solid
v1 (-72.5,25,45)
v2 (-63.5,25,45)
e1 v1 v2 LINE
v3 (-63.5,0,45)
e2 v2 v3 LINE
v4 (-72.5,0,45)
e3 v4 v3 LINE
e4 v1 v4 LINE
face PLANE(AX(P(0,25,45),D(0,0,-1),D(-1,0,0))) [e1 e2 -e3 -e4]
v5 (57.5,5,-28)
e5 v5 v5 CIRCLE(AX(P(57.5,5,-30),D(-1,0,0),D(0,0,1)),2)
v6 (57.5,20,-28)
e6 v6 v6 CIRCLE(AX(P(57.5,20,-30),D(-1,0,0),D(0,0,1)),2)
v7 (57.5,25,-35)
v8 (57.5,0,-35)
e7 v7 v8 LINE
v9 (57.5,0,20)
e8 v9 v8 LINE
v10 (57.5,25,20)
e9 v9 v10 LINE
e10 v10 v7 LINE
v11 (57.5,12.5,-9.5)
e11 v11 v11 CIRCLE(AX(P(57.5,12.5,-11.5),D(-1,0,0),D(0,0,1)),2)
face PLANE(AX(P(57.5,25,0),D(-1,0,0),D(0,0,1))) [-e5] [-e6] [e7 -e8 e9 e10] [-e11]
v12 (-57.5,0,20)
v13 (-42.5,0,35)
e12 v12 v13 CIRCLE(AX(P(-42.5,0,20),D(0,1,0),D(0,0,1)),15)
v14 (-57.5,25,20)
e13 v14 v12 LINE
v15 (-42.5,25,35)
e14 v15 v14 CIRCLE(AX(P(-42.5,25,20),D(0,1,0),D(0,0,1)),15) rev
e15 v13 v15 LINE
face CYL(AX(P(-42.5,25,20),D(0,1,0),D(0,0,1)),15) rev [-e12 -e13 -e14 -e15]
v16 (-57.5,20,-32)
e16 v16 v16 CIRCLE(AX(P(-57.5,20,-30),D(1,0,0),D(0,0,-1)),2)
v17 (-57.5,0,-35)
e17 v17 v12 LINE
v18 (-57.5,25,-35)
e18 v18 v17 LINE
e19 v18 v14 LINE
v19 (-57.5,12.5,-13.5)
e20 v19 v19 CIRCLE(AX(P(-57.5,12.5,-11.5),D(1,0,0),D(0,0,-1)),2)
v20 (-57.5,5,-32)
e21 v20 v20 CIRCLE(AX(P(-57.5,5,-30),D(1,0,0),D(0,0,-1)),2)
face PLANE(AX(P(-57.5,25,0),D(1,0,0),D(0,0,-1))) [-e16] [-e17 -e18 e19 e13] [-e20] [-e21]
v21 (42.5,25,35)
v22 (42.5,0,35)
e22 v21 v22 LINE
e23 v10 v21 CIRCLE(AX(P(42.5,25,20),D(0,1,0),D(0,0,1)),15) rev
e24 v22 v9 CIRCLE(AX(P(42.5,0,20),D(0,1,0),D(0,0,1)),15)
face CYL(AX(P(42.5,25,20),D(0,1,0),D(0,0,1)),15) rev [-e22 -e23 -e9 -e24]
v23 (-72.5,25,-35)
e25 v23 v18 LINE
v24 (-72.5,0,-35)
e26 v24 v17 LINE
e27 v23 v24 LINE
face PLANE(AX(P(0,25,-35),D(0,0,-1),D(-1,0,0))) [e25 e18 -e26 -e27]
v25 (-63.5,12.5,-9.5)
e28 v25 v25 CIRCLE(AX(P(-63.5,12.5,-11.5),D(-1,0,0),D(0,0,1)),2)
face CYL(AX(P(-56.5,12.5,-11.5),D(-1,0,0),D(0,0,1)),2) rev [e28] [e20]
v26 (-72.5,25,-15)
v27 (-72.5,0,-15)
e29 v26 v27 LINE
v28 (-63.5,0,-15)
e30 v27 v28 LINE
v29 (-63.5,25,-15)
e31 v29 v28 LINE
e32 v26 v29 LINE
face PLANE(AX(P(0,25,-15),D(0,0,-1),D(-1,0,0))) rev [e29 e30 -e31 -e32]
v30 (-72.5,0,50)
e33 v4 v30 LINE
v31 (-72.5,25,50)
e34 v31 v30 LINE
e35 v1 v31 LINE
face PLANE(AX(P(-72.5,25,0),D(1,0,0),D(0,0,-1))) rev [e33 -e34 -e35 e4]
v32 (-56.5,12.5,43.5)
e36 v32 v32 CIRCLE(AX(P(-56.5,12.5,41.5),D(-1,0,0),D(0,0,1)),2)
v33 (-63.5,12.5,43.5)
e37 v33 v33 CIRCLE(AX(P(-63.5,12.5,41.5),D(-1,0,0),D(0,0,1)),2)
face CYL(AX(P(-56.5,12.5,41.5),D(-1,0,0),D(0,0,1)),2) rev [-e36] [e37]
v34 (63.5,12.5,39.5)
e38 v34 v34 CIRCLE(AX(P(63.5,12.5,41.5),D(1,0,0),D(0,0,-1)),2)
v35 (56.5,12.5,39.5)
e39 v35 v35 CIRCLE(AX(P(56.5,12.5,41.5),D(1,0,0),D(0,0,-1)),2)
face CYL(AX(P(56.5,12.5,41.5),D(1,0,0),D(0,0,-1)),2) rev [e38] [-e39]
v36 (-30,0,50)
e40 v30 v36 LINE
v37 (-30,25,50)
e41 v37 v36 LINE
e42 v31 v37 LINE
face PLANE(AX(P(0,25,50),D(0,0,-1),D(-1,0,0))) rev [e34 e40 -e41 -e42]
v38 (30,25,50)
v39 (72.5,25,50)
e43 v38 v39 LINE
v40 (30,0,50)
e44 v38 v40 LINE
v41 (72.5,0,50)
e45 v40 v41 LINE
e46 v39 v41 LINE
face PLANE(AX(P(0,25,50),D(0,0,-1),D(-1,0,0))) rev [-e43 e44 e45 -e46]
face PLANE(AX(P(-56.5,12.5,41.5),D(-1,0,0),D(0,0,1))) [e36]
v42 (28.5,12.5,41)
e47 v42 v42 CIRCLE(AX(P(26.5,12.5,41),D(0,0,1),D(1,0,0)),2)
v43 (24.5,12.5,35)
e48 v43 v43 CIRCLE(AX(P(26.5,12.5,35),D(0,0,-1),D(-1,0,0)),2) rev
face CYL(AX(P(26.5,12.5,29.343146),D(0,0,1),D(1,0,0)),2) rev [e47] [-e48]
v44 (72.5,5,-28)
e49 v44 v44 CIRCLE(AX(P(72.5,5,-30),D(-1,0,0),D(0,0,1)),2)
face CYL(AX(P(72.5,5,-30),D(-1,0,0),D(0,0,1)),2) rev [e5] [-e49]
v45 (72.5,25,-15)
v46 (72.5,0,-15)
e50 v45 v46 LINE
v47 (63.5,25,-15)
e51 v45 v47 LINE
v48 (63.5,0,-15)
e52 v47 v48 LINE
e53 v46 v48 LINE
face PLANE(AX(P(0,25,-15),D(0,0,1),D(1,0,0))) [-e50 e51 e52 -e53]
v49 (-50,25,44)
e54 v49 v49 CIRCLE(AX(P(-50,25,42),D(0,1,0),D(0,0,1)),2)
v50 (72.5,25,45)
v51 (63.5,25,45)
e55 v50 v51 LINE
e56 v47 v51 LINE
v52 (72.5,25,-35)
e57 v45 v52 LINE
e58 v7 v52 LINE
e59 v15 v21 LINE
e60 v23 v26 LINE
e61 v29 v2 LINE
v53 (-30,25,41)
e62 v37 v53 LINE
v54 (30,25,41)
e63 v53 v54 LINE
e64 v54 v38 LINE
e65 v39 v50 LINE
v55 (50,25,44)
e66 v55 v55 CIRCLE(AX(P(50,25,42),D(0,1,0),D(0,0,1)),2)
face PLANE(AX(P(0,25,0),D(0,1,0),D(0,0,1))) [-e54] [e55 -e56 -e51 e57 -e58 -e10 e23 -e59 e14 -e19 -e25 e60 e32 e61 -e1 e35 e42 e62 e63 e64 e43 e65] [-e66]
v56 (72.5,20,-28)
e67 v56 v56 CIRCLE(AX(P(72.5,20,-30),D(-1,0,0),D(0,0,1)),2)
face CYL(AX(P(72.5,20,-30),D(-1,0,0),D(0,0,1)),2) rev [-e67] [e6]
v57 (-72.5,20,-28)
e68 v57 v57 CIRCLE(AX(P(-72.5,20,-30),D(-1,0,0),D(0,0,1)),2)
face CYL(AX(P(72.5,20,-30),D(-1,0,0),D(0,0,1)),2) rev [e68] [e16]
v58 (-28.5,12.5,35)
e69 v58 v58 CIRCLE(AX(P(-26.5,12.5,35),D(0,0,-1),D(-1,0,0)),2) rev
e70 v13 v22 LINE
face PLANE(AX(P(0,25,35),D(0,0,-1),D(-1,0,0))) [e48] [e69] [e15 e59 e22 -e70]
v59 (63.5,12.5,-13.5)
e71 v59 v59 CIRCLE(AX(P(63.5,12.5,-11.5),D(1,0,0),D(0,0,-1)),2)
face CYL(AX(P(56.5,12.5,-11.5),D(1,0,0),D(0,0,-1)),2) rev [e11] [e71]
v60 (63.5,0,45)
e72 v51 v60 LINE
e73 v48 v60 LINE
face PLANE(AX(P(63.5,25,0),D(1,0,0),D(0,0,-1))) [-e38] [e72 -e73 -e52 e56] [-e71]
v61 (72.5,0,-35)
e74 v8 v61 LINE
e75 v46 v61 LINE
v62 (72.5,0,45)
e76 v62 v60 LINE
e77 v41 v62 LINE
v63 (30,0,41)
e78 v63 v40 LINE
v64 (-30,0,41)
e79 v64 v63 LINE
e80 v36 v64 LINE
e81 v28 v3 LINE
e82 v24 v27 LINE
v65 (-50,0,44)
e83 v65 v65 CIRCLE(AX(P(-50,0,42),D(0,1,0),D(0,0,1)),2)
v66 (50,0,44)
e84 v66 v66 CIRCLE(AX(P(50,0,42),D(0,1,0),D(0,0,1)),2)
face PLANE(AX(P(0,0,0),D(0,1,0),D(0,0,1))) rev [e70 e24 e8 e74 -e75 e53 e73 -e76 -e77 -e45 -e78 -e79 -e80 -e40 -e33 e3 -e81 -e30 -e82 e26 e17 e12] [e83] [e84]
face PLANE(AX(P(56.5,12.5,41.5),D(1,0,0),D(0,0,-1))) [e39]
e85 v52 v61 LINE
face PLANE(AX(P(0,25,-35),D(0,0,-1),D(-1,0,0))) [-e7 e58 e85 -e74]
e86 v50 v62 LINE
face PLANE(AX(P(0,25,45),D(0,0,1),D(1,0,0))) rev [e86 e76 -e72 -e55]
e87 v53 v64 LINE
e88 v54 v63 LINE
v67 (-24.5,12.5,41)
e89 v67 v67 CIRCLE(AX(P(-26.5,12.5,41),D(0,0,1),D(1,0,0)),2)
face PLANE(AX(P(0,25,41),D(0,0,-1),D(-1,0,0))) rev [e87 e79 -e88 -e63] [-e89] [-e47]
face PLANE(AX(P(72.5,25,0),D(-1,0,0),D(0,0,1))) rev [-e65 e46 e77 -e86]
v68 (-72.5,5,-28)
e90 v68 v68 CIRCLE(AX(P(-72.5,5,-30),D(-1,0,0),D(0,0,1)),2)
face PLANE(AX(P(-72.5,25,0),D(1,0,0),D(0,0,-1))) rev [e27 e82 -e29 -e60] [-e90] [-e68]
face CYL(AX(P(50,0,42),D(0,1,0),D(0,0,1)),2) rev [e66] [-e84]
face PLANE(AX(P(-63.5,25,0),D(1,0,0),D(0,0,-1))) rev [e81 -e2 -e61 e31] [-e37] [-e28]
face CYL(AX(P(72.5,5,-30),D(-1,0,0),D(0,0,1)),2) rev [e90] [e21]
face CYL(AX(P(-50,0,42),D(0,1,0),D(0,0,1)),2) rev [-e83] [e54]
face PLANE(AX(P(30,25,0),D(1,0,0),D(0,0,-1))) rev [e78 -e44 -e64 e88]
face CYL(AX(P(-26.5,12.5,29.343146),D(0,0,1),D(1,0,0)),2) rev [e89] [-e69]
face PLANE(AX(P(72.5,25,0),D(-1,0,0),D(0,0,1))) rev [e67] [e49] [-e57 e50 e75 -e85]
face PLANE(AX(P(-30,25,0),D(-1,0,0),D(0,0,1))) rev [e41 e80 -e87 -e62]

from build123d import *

# Parameters (mm, degrees)
BOSS_EXTRUDE1_DEPTH = 25
SKETCH2_R           = 2
CUT_EXTRUDE1_DEPTH  = 6
SKETCH3_R           = 2
CUT_EXTRUDE2_DEPTH  = 7
CUT_EXTRUDE3_START  = -7
SKETCH10_R          = 2
CUT_EXTRUDE3_DEPTH  = 7
FILLET1_R           = 15
SKETCH13_R          = 2
CUT_EXTRUDE6_DEPTH  = 156.402702679
SKETCH14_R          = 2
CUT_EXTRUDE7_DEPTH  = 92.549167118


with BuildPart() as part:
    # Sketch1 → Boss-Extrude1 (new body)
    with BuildSketch(Plane(origin=(0, 0, 0), x_dir=(1, 0, 0), z_dir=(0, 1, 0))):
        Polygon((63.5, 15), (63.5, -45), (72.5, -45), (72.5, -50), (30, -50), (30, -41), (-30, -41), (-30, -50), (-72.5, -50), (-72.5, -45), (-63.5, -45), (-63.5, 15), (-72.5, 15), (-72.5, 35), (-57.5, 35), (-57.5, -35), (57.5, -35), (57.5, 35), (72.5, 35), (72.5, 15), align=None)
    extrude(amount=BOSS_EXTRUDE1_DEPTH)

    # Sketch2 → Cut-Extrude1 (cut)
    with BuildSketch(Plane.XY.offset(41)):
        with Locations((-26.5, 12.5)):
            Circle(SKETCH2_R)
        with Locations((26.5, 12.5)):
            Circle(SKETCH2_R)
    extrude(amount=-CUT_EXTRUDE1_DEPTH, mode=Mode.SUBTRACT)

    # Sketch3 → Cut-Extrude2 (cut)
    with BuildSketch(Plane.ZY.offset(63.5)):
        with Locations((-11.5, 12.5)):
            Circle(SKETCH3_R)
        with Locations((41.5, 12.5)):
            Circle(SKETCH3_R)
    extrude(amount=-CUT_EXTRUDE2_DEPTH, mode=Mode.SUBTRACT)

    # Sketch10 → Cut-Extrude3 (cut)
    with BuildSketch(Plane(origin=(63.5, 0, 0), x_dir=(0, 0, -1), z_dir=(1, 0, 0)).offset(CUT_EXTRUDE3_START)):
        with Locations(Location((-41.5, 12.5, 0), (0, 0, 180))):
            Circle(SKETCH10_R)
        with Locations(Location((11.5, 12.5, 0), (0, 0, 180))):
            Circle(SKETCH10_R)
    extrude(amount=CUT_EXTRUDE3_DEPTH, mode=Mode.SUBTRACT)

    # Fillet1
    fillet1_edges = [part.edges().sort_by_distance(p)[0] for p in [
        (-57.5, 12.5, 35),
        (57.5, 12.5, 35),
    ]]
    fillet(fillet1_edges, radius=FILLET1_R)

    # Sketch13 → Cut-Extrude6 (cut, through all)
    with BuildSketch(Plane.ZY.offset(72.5)):
        with Locations((-30, 20)):
            Circle(SKETCH13_R)
        with Locations((-30, 5)):
            Circle(SKETCH13_R)
    extrude(amount=-CUT_EXTRUDE6_DEPTH, mode=Mode.SUBTRACT)

    # Sketch14 → Cut-Extrude7 (cut, through all)
    with BuildSketch(Plane(origin=(0, 25, 0), x_dir=(1, 0, 0), z_dir=(0, 1, 0))):
        with Locations(Location((50, -42, 0), (0, 0, 270))):
            Circle(SKETCH14_R)
        with Locations(Location((-50, -42, 0), (0, 0, 270))):
            Circle(SKETCH14_R)
    extrude(amount=-CUT_EXTRUDE7_DEPTH, mode=Mode.SUBTRACT)


solid = part.part
